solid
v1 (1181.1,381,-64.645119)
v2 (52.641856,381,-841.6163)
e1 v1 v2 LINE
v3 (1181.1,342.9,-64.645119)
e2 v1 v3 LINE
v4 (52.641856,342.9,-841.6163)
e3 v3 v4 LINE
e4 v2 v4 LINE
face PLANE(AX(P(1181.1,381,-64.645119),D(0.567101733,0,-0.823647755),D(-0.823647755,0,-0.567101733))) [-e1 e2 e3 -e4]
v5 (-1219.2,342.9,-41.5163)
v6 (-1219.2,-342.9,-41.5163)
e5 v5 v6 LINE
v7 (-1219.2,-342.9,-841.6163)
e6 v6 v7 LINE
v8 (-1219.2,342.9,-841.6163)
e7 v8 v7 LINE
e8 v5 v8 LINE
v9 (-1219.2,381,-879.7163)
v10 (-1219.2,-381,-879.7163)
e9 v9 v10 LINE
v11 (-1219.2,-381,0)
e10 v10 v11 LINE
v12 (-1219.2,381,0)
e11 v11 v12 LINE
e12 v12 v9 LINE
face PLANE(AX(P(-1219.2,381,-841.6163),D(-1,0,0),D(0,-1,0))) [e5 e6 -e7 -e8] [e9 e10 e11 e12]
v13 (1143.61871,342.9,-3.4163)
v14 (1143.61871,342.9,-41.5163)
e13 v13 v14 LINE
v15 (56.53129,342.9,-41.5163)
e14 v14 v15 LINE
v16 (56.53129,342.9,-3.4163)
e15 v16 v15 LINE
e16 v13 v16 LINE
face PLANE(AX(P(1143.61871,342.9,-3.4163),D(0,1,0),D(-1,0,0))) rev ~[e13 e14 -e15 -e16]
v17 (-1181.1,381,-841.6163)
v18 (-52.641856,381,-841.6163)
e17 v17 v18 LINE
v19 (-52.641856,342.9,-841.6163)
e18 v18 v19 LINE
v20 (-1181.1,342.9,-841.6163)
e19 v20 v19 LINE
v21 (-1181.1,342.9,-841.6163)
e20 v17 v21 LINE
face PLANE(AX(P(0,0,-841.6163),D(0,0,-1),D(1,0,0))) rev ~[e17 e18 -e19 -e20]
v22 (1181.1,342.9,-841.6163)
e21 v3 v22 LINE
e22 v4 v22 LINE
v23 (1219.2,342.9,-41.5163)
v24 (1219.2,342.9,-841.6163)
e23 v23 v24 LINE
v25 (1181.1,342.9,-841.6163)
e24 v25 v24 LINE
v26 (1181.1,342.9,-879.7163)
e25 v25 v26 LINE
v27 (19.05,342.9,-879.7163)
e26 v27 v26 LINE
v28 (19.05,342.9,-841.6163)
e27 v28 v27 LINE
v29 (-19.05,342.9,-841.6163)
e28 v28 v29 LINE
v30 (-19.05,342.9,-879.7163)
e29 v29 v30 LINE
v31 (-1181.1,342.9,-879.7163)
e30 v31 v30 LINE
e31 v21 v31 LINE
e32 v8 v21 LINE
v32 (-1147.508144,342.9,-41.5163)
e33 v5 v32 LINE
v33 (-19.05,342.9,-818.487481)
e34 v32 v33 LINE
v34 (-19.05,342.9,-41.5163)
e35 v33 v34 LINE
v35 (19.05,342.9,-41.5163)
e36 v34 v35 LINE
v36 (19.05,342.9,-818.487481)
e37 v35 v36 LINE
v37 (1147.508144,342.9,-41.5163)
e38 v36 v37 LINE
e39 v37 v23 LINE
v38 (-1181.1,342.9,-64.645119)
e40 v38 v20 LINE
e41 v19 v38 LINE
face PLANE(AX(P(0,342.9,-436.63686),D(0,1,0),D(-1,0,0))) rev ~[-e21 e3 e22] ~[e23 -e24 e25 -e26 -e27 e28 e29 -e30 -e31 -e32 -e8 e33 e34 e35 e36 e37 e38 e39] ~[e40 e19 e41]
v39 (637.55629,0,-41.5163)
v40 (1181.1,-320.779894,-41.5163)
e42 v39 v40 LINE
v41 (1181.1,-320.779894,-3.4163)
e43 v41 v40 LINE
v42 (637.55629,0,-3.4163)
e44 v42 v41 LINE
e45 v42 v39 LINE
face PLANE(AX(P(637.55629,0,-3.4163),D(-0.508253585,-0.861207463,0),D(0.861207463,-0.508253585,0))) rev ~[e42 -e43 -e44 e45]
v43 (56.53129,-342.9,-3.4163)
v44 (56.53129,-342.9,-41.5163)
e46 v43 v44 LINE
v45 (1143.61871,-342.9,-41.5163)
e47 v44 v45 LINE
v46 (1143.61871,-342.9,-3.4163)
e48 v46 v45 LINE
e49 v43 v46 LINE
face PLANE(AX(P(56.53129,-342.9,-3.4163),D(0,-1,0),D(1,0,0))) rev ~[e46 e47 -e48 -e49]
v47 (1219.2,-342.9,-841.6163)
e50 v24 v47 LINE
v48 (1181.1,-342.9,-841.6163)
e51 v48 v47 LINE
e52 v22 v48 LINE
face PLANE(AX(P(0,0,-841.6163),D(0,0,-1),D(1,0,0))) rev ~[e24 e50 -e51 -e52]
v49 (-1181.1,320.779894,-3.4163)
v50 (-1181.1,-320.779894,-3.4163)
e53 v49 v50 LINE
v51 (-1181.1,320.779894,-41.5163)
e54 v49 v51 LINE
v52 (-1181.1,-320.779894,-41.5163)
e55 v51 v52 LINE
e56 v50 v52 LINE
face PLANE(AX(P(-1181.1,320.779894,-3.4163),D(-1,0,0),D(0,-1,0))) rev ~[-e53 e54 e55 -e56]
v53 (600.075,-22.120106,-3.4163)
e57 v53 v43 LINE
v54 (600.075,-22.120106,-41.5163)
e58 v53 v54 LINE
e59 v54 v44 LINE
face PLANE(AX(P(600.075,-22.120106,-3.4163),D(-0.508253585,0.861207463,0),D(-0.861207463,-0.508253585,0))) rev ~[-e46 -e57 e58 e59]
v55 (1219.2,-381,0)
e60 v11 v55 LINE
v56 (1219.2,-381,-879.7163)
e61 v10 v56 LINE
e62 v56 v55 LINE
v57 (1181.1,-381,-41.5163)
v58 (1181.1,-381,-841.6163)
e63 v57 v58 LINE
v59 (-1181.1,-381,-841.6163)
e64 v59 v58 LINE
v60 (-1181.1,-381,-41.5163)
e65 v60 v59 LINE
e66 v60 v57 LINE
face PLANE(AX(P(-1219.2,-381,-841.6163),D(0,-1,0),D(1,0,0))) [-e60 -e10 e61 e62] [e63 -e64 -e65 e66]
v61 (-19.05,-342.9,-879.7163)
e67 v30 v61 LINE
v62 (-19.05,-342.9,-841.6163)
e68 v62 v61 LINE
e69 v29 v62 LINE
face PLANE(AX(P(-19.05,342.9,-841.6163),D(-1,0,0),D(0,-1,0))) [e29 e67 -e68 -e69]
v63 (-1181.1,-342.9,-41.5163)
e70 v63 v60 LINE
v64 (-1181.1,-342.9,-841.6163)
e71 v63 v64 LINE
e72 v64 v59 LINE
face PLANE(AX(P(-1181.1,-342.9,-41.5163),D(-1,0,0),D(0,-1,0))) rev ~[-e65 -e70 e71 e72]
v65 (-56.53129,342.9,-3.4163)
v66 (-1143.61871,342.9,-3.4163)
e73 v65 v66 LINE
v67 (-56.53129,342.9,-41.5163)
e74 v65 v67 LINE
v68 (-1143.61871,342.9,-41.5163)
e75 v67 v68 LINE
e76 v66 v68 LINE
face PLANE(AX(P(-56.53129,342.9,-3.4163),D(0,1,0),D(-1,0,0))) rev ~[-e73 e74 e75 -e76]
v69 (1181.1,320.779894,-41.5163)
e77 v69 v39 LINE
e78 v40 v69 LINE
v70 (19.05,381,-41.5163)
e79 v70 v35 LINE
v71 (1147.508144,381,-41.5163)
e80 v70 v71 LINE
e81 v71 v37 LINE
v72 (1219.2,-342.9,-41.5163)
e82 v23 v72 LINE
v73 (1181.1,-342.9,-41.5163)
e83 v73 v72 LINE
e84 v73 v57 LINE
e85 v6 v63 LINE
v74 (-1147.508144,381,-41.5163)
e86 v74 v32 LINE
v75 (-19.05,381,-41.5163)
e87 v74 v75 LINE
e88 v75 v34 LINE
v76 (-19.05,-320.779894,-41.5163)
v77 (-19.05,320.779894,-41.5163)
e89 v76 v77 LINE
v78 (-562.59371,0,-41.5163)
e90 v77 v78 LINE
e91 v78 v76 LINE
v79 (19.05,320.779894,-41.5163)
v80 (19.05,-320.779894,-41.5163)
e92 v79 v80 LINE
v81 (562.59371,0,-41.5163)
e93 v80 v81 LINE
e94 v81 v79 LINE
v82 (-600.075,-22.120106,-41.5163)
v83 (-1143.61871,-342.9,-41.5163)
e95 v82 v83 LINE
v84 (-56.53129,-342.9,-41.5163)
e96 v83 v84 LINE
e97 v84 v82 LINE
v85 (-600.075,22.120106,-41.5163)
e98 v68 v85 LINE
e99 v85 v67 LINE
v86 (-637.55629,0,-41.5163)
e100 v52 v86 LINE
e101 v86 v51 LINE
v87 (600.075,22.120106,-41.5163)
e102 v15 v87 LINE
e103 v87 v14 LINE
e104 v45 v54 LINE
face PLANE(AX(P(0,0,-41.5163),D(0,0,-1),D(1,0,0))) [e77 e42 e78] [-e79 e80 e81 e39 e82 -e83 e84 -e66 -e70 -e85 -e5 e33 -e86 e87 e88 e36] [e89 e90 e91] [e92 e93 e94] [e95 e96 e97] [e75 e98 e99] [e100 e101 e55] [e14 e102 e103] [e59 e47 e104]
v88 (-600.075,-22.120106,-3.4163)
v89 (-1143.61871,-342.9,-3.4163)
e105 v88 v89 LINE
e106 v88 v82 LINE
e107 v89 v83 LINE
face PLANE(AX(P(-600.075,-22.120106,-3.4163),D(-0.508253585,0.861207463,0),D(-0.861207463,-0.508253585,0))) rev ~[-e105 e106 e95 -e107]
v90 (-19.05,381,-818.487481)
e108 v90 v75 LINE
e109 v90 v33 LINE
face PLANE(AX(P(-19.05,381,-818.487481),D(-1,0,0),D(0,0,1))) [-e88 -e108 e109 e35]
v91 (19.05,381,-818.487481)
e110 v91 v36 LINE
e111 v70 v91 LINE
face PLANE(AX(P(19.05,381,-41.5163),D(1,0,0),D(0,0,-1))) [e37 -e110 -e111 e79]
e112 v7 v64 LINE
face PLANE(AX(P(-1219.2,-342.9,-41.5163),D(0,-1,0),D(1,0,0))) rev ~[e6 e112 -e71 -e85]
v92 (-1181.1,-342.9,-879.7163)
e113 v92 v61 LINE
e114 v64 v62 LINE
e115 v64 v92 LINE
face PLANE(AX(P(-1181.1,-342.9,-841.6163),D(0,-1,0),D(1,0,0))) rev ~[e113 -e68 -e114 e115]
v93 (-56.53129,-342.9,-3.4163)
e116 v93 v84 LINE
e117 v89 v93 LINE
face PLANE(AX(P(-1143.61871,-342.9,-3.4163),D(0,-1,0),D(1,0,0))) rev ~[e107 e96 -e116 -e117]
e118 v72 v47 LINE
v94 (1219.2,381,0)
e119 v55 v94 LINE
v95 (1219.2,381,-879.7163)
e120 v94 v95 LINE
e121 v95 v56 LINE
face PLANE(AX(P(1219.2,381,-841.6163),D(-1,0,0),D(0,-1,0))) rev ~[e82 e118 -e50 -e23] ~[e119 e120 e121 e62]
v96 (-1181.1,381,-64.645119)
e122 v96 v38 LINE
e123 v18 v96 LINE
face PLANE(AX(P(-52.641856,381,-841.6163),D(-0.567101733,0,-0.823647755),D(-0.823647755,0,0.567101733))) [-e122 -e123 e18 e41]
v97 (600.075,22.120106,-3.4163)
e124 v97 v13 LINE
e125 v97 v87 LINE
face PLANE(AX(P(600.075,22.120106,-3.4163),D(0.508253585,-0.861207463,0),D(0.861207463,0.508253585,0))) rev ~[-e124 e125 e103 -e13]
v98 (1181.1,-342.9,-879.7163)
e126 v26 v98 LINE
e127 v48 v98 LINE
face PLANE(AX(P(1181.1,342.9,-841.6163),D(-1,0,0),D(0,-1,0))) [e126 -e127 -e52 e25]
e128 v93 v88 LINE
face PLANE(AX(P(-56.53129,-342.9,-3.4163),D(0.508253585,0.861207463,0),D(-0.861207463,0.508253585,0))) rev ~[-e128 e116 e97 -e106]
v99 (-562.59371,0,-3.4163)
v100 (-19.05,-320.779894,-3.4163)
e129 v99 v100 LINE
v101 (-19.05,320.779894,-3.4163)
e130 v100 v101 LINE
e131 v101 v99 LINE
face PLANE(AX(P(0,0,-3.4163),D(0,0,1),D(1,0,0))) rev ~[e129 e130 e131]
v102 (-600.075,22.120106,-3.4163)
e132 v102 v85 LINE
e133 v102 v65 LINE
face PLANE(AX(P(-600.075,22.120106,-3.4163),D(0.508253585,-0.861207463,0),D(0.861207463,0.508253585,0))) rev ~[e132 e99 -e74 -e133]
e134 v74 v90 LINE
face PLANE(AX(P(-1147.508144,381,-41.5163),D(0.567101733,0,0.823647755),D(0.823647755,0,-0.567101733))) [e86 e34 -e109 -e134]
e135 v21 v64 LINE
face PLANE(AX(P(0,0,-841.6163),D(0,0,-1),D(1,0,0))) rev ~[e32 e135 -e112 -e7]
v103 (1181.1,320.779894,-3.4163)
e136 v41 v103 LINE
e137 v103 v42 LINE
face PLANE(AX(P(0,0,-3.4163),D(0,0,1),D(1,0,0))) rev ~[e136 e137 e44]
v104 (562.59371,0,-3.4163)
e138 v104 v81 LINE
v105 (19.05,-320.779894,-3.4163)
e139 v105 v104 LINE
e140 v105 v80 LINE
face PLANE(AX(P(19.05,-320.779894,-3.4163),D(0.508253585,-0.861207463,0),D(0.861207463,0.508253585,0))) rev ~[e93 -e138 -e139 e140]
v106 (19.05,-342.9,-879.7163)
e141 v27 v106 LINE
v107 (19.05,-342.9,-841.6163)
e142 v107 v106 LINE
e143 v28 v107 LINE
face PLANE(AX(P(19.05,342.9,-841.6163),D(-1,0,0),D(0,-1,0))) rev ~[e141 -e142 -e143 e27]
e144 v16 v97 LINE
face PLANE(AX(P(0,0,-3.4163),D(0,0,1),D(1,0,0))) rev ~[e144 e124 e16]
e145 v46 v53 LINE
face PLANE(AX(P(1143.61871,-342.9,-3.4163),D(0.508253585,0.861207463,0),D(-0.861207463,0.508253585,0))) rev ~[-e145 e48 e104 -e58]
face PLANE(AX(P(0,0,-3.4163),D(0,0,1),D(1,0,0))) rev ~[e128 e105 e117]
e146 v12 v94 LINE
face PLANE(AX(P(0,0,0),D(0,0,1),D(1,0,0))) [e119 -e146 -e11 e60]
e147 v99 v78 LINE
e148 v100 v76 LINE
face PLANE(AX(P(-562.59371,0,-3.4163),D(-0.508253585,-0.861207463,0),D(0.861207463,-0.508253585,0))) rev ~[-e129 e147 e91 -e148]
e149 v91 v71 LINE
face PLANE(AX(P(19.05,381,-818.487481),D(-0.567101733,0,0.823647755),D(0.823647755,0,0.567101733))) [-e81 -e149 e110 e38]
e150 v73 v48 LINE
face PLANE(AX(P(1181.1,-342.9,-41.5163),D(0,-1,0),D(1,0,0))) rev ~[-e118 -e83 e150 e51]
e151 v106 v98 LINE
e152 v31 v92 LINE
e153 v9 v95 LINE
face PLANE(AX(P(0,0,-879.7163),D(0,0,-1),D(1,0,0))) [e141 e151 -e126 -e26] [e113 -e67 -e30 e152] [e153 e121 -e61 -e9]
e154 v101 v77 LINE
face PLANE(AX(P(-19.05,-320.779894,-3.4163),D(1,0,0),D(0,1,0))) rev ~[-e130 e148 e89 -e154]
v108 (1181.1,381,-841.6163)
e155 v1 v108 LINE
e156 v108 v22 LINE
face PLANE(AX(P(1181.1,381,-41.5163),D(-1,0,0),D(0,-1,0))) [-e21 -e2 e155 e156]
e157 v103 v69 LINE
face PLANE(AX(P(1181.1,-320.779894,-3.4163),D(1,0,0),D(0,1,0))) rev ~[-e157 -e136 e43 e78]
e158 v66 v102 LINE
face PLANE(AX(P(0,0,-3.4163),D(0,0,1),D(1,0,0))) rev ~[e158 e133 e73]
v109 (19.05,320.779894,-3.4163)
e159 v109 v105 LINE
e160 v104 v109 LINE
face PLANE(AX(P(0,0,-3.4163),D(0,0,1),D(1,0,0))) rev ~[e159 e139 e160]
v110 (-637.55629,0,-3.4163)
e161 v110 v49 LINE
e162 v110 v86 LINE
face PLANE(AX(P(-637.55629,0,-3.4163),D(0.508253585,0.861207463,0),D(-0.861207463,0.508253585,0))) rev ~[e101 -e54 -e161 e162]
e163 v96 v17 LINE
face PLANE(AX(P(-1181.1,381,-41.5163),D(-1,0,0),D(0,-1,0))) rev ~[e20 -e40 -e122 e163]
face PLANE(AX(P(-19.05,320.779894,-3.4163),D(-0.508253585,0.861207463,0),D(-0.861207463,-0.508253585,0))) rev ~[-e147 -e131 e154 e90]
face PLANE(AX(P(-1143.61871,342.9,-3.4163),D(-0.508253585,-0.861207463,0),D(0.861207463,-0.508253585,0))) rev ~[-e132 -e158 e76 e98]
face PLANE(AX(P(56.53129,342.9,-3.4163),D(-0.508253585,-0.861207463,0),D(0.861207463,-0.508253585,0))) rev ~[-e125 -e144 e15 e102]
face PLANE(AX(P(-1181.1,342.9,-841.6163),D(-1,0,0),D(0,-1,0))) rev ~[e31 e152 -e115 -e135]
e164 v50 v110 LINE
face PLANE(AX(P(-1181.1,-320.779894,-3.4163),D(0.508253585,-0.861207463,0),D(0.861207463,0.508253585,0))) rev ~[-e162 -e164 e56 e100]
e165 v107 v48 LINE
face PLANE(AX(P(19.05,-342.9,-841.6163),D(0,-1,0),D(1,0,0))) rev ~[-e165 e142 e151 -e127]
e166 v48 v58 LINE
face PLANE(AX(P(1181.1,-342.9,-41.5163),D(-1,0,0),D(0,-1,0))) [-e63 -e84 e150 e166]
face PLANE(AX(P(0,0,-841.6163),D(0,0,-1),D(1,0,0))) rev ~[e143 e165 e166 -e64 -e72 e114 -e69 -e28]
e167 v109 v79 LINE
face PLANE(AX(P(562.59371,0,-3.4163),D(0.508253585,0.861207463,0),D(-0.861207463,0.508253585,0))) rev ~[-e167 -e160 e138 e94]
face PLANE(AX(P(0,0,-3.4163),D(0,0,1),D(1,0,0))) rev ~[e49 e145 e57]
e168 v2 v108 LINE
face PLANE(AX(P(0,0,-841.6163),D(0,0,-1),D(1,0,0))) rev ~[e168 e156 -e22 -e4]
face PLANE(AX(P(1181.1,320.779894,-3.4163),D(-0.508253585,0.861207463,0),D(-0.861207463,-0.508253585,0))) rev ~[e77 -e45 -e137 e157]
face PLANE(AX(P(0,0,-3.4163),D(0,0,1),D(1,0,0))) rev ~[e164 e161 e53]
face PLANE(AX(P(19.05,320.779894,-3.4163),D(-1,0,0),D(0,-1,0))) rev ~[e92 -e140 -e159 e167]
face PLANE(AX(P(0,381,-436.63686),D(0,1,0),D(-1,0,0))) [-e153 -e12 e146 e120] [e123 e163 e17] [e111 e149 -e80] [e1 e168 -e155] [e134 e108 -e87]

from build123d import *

# Parameters (mm, degrees)
F0_W      = 2438.4
F0_H      = 762
F1_DEPTH  = 3.4163
F2_W      = 2438.4
F2_H      = 762
F3_DEPTH  = 38.1
F4_W      = 38.1
F4_H      = 38.1
F5_DEPTH  = 800.1
F6_W      = 2438.4
F6_H      = 762
F6_W_2    = 1162.05
F6_H_2    = 685.8
F7_DEPTH  = 38.1
F10_DEPTH = 38.1


with BuildPart() as f1:
    # F0 (on Top) → F1 (new body)
    with BuildSketch(Plane.XY):
        Rectangle(F0_W, F0_H)
    extrude(amount=-F1_DEPTH)

    # F2 (on face) → F3 (join)
    with BuildSketch(Plane(origin=(0, 0, -3.4163), x_dir=(1, 0, 0), z_dir=(0, 0, -1))):
        Rectangle(F2_W, F2_H)
        Polygon((-600.075, -22.1201055787), (-56.5312900084, -342.9), (-1143.6187099916, -342.9), align=None, mode=Mode.SUBTRACT)
        Polygon((600.075, -22.1201055787), (1143.6187099916, -342.9), (56.5312900084, -342.9), align=None, mode=Mode.SUBTRACT)
        Polygon((19.05, -320.7798944213), (19.05, 320.7798944213), (562.5937099916, 0), align=None, mode=Mode.SUBTRACT)
        Polygon((-1181.1, -320.7798944213), (-1181.1, 320.7798944213), (-637.5562900084, 0), align=None, mode=Mode.SUBTRACT)
        Polygon((-562.5937099916, 0), (-19.05, 320.7798944213), (-19.05, -320.7798944213), align=None, mode=Mode.SUBTRACT)
        Polygon((-1143.6187099916, 342.9), (-56.5312900084, 342.9), (-600.075, 22.1201055787), align=None, mode=Mode.SUBTRACT)
        Polygon((56.5312900084, 342.9), (1143.6187099916, 342.9), (600.075, 22.1201055787), align=None, mode=Mode.SUBTRACT)
        Polygon((637.5562900084, 0), (1181.1, 320.7798944213), (1181.1, -320.7798944213), align=None, mode=Mode.SUBTRACT)
    extrude(amount=F3_DEPTH)

    # F4 (on face) → F5 (join)
    with BuildSketch(Plane(origin=(0, 0, -41.5163), x_dir=(1, 0, 0), z_dir=(0, 0, -1))):
        with Locations((-1200.15, 361.95)):
            Rectangle(F4_W, F4_H)
        with Locations((-1200.15, -361.95)):
            Rectangle(F4_W, F4_H)
        with Locations((1200.15, -361.95)):
            Rectangle(F4_W, F4_H)
        with Locations((1200.15, 361.95)):
            Rectangle(F4_W, F4_H)
    extrude(amount=F5_DEPTH)

    # F6 (on face) → F7 (join)
    with BuildSketch(Plane(origin=(0, 0, -841.6163), x_dir=(1, 0, 0), z_dir=(0, 0, -1))):
        Rectangle(F6_W, F6_H)
        with Locations((-600.075, 0)):
            Rectangle(F6_W_2, F6_H_2, mode=Mode.SUBTRACT)
        with Locations((600.075, 0)):
            Rectangle(F6_W_2, F6_H_2, mode=Mode.SUBTRACT)
    extrude(amount=F7_DEPTH)

    # F9 (on 3pt) → F10 (join)
    with BuildSketch(Plane(origin=(0, 381, 0), x_dir=(-1, 0, 0), z_dir=(0, 1, 0))):
        Polygon((19.05, -818.4874808139), (19.05, -41.5163), (-19.05, -41.5163), (-19.05, -818.4874808139), (-1147.508143563, -41.5163), (-1181.1, -41.5163), (-1181.1, -64.645119186), (-52.6418564368, -841.6163), (-19.05, -841.6163), (19.05, -841.6163), (52.6418564369, -841.6163), (1181.1, -64.6451191861), (1181.1, -41.5163), (1147.5081435631, -41.5163), align=None)
    extrude(amount=-F10_DEPTH)


solid = f1.part
